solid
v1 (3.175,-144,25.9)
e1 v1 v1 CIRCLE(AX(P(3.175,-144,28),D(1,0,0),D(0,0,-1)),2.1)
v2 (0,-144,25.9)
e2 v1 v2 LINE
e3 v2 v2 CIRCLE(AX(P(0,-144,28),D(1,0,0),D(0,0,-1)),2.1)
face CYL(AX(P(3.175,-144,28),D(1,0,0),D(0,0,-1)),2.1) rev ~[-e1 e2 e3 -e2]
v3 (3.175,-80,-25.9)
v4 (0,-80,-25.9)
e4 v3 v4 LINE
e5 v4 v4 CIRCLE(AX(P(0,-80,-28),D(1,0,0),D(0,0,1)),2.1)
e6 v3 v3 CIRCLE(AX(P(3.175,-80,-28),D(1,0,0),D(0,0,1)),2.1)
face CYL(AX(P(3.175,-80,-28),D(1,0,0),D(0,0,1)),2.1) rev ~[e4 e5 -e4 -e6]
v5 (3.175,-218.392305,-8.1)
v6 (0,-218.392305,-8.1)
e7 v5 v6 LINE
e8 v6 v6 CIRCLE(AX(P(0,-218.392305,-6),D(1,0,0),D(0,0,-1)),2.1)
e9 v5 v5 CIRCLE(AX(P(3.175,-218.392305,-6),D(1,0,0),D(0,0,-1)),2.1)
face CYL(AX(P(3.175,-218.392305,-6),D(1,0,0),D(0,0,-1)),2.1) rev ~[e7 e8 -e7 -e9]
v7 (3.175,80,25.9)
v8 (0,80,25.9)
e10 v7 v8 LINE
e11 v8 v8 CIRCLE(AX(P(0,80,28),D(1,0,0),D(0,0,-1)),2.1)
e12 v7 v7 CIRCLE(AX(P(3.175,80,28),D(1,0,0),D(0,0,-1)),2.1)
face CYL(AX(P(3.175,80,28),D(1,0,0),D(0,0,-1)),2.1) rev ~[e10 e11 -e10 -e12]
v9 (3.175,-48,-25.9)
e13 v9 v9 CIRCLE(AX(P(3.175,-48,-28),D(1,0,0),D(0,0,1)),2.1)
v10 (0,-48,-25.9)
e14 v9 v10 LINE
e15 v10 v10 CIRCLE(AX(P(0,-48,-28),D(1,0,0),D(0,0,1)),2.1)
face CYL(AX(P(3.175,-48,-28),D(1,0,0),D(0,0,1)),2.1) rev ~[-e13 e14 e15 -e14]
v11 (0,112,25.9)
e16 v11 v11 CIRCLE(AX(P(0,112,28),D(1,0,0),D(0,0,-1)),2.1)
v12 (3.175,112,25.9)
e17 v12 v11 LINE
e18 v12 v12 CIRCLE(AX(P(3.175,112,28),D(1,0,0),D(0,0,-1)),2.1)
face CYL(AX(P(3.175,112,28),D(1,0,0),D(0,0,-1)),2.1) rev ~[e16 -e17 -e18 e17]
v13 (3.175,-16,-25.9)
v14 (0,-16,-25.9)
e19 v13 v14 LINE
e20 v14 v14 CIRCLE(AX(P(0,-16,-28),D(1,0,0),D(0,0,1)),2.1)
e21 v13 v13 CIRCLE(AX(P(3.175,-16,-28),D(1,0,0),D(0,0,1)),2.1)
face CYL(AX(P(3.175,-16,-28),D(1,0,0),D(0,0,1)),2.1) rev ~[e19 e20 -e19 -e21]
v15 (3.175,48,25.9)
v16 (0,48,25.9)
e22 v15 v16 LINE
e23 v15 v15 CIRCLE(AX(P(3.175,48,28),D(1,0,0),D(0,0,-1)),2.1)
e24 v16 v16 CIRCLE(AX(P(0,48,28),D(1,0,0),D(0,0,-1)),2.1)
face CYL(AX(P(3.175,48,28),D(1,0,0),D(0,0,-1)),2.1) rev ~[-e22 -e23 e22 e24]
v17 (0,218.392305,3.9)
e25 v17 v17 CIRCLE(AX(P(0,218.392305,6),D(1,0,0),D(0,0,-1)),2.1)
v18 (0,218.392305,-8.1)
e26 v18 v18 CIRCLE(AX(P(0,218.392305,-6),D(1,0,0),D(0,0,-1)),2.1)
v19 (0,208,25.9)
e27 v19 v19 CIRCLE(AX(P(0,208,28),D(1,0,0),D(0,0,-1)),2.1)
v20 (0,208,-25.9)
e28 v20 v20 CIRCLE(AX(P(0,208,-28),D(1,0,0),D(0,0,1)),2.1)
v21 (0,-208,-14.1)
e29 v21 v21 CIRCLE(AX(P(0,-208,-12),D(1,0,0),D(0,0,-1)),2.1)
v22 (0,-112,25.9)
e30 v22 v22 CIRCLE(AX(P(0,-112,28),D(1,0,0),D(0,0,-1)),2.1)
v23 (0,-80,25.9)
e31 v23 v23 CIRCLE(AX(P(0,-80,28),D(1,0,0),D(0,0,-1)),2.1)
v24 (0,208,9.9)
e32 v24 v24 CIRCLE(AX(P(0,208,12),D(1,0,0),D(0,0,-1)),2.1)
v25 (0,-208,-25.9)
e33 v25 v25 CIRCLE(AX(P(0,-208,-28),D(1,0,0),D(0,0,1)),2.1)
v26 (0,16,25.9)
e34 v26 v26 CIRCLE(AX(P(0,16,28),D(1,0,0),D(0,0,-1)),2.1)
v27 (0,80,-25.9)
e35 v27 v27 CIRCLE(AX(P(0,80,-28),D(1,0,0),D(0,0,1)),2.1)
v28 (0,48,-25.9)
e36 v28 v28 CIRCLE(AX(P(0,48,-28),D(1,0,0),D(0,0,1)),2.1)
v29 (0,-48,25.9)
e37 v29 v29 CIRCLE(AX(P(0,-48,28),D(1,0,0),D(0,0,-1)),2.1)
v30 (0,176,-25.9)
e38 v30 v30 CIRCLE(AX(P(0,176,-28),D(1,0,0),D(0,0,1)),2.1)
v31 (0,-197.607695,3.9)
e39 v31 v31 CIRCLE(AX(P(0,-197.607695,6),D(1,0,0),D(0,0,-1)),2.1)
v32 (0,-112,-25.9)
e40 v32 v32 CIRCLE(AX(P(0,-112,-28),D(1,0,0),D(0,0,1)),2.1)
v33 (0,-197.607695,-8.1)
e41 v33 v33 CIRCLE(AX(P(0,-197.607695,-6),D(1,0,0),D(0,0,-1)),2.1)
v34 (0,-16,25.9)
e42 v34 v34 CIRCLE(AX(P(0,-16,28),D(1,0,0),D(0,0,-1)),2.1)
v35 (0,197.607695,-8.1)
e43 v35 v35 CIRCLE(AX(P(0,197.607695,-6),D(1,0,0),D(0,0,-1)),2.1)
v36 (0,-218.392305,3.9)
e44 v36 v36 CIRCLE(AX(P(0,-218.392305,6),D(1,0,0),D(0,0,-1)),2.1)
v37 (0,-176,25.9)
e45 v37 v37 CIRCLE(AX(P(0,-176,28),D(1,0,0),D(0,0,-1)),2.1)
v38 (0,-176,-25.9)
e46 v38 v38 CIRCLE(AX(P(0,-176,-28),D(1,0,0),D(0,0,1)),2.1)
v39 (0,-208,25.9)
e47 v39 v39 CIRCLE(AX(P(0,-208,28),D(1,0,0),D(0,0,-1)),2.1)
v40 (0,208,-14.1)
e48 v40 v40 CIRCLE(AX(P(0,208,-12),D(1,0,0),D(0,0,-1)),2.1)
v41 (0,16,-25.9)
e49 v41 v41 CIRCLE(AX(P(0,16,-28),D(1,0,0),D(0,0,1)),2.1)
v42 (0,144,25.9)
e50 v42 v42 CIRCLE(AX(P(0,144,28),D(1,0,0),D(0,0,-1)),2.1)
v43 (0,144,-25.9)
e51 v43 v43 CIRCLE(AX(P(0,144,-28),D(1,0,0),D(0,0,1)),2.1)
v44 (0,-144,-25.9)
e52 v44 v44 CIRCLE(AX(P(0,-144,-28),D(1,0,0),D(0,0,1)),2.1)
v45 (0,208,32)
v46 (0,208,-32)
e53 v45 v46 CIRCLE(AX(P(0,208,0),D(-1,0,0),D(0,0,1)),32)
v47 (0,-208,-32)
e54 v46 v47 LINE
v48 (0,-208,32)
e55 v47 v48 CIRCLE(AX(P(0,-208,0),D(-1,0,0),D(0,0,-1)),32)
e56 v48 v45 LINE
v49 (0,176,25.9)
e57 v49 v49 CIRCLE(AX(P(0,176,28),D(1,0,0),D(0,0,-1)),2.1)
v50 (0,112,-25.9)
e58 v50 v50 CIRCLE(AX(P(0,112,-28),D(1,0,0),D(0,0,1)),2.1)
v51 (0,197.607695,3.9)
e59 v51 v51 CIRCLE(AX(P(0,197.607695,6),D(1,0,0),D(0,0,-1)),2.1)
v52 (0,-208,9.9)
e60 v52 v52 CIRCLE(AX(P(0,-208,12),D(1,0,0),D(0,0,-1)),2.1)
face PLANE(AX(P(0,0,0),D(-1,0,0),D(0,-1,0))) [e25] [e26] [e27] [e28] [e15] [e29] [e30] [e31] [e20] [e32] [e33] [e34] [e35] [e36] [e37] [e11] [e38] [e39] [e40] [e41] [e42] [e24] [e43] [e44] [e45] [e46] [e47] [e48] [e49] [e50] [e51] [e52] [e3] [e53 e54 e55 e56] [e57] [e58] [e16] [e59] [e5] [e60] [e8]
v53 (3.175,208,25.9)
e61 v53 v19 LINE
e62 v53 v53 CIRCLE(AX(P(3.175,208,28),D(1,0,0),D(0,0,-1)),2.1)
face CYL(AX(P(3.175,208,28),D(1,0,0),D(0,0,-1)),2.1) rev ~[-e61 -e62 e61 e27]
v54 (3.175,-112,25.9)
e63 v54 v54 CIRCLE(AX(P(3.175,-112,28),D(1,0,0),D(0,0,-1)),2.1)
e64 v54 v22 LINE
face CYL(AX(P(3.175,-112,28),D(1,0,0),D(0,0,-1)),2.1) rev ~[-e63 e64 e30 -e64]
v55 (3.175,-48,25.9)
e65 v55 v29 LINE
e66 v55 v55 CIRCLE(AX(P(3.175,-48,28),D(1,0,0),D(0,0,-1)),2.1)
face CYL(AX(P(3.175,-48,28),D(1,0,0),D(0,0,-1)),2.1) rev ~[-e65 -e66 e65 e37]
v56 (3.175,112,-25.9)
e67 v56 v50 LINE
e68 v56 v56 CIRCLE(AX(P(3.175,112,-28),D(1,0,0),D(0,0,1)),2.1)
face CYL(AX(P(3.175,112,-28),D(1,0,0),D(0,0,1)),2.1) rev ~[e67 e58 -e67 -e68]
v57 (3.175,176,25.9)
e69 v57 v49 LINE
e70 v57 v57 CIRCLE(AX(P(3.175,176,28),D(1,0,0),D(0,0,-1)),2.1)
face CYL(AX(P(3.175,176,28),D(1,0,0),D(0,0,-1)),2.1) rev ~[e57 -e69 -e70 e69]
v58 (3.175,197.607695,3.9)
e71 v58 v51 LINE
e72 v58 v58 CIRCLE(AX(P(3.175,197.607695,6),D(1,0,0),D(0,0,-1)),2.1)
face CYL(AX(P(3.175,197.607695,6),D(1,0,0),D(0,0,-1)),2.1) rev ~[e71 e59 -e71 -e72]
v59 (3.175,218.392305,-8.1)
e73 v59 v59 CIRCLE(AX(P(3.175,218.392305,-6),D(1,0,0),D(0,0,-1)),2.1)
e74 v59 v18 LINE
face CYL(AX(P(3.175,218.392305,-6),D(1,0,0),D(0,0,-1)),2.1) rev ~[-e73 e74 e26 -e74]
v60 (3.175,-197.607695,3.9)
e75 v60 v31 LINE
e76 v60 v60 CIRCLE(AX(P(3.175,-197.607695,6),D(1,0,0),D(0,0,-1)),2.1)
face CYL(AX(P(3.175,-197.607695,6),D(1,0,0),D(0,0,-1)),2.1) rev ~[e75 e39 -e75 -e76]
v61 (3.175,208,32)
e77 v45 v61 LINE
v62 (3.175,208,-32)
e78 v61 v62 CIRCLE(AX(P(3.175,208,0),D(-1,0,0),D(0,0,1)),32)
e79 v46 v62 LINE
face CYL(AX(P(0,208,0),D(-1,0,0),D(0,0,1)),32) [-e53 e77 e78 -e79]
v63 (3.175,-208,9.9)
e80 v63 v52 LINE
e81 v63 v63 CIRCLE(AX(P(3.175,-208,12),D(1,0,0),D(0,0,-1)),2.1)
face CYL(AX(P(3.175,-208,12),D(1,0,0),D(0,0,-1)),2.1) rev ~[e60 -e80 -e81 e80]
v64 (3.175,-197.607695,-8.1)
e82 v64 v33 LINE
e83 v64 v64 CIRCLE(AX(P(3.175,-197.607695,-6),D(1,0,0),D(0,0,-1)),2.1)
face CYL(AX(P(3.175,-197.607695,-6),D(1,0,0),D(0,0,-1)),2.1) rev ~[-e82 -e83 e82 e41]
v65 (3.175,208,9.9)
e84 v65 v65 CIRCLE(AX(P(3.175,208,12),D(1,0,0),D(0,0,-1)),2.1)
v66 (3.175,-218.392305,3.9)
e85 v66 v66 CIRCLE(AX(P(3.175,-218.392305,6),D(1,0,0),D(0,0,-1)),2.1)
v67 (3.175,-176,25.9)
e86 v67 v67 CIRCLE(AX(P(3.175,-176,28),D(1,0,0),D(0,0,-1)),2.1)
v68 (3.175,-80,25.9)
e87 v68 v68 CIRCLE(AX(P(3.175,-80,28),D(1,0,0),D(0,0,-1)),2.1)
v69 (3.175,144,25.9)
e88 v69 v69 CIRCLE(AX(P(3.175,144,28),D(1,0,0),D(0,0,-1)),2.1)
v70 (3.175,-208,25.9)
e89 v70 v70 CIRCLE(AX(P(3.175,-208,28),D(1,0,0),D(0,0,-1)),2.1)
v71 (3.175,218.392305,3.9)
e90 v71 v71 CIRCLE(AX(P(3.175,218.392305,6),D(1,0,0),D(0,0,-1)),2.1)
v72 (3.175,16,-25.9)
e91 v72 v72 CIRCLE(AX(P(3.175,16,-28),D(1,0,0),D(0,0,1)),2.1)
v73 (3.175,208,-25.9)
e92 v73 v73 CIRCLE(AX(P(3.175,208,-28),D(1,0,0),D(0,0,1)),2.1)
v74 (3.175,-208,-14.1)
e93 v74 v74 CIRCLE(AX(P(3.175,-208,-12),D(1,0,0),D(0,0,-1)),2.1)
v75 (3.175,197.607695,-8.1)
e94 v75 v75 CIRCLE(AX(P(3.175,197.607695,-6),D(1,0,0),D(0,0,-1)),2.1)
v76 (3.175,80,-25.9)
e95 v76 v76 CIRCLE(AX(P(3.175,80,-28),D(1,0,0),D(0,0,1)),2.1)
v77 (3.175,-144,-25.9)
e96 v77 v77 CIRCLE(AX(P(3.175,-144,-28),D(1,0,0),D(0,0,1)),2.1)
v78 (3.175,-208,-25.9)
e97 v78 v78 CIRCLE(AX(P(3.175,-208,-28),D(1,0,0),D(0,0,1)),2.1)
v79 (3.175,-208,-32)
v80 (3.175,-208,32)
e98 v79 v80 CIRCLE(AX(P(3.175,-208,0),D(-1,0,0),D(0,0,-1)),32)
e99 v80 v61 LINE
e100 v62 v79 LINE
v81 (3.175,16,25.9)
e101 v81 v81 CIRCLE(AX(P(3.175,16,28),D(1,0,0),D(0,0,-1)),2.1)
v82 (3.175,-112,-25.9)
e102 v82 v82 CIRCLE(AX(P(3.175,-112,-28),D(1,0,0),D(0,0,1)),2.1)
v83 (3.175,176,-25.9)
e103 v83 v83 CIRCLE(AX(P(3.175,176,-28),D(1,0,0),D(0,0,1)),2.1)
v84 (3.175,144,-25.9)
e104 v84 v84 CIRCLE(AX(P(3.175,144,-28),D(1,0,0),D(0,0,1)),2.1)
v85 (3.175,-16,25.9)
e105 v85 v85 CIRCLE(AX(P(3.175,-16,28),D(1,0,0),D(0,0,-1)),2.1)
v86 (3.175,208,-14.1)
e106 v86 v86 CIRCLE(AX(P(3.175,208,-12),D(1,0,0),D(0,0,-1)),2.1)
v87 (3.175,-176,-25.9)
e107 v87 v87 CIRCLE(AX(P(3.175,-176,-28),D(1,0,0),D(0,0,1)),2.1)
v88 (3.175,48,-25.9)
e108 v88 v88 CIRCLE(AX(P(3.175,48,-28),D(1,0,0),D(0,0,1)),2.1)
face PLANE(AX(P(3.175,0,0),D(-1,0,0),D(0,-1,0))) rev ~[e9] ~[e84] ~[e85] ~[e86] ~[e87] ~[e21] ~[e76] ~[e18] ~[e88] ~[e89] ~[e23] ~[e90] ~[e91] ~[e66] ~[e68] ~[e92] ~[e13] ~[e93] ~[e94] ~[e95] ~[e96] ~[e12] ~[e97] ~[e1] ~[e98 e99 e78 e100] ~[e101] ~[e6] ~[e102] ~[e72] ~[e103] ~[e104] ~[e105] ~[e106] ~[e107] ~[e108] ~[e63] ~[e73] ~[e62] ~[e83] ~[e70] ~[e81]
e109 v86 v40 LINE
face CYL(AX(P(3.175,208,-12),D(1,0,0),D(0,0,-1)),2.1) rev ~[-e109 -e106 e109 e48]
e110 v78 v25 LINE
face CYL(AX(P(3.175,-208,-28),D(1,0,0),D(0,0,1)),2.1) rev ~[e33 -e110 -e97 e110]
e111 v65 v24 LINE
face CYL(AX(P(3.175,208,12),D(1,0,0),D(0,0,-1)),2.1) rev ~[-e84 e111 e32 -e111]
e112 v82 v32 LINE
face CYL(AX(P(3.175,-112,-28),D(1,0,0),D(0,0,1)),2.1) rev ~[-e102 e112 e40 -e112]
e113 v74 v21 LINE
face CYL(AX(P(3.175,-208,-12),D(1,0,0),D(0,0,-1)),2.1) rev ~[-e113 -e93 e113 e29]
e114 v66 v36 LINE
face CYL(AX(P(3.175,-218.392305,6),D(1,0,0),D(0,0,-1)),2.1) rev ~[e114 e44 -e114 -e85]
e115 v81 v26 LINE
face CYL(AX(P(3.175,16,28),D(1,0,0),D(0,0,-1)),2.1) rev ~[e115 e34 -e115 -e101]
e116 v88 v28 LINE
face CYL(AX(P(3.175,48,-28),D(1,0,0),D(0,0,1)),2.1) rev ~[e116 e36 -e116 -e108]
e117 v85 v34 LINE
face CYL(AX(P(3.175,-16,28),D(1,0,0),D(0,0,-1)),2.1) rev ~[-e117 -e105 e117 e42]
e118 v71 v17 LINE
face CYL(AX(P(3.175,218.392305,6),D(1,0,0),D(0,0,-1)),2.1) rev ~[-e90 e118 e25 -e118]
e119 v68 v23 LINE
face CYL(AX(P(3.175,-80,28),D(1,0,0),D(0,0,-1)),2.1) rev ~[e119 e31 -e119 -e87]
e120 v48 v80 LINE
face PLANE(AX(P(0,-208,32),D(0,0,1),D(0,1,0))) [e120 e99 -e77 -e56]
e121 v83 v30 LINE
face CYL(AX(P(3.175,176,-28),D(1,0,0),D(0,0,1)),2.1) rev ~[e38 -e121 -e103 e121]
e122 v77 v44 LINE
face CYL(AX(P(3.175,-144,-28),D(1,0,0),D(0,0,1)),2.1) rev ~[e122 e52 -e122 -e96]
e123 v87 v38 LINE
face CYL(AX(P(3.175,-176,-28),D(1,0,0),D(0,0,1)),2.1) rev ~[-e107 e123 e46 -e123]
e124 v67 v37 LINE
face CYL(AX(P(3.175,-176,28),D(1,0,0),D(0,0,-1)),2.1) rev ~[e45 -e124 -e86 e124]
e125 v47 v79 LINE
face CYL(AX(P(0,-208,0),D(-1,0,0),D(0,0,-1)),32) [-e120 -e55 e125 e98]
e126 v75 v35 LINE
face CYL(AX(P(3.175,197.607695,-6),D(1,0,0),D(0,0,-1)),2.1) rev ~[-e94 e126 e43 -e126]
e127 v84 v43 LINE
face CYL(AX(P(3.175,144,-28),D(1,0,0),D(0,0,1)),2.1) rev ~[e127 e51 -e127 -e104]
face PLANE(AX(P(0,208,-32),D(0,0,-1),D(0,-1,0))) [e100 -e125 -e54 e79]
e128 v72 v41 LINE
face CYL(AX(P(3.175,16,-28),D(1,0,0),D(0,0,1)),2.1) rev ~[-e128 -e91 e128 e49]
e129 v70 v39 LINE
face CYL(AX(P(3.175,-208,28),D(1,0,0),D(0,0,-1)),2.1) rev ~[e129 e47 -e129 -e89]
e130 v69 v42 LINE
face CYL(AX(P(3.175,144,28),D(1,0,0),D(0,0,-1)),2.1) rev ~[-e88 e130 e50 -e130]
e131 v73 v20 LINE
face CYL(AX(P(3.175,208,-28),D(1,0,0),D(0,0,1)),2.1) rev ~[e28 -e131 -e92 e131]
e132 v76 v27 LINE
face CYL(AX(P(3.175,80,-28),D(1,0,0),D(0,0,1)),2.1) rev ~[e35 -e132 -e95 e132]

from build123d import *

# Parameters (mm, degrees)
BOSS_EXTRUDE1_DEPTH = 3.175
SKETCH2_R           = 2.1
CUT_EXTRUDE1_DEPTH  = 243.144751389
SKETCH3_R           = 2.1
CUT_EXTRUDE2_DEPTH  = 10
SKETCH4_R           = 2.1
CUT_EXTRUDE3_DEPTH  = 243.144751389


with BuildPart() as part:
    # Sketch1 → Boss-Extrude1 (new body)
    with BuildSketch(Plane.YZ):
        with BuildLine():
            Line((-208, 32), (208, 32))
            ThreePointArc((208, 32), (240, 0), (208, -32))
            Line((208, -32), (-208, -32))
            ThreePointArc((-208, -32), (-240, 0), (-208, 32))
        make_face()
    extrude(amount=BOSS_EXTRUDE1_DEPTH)

    # Sketch2 → Cut-Extrude1 (cut, through all)
    with BuildSketch(Plane.YZ.offset(3.175)):
        with Locations(Location((208, 12, 0), (0, 0, 270))):
            Circle(SKETCH2_R)
        with Locations(Location((218.392304845, 6, 0), (0, 0, 270))):
            Circle(SKETCH2_R)
        with Locations(Location((218.392304845, -6, 0), (0, 0, 270))):
            Circle(SKETCH2_R)
        with Locations(Location((208, -12, 0), (0, 0, 270))):
            Circle(SKETCH2_R)
        with Locations(Location((197.607695155, -6, 0), (0, 0, 270))):
            Circle(SKETCH2_R)
        with Locations(Location((197.607695155, 6, 0), (0, 0, 270))):
            Circle(SKETCH2_R)
    extrude(amount=-CUT_EXTRUDE1_DEPTH, mode=Mode.SUBTRACT)

    # Sketch3 → Cut-Extrude2 (cut)
    with BuildSketch(Plane.YZ.offset(3.175)):
        with Locations(Location((-208, -12, 0), (0, 0, 270))):
            Circle(SKETCH3_R)
        with Locations(Location((-197.607695155, -6, 0), (0, 0, 270))):
            Circle(SKETCH3_R)
        with Locations(Location((-197.607695155, 6, 0), (0, 0, 270))):
            Circle(SKETCH3_R)
        with Locations(Location((-208, 12, 0), (0, 0, 270))):
            Circle(SKETCH3_R)
        with Locations(Location((-218.392304845, 6, 0), (0, 0, 270))):
            Circle(SKETCH3_R)
        with Locations(Location((-218.392304845, -6, 0), (0, 0, 270))):
            Circle(SKETCH3_R)
    extrude(amount=-CUT_EXTRUDE2_DEPTH, mode=Mode.SUBTRACT)

    # Sketch4 → Cut-Extrude3 (cut, through all)
    with BuildSketch(Plane.YZ.offset(3.175)):
        with Locations(Location((-208, 12, 0), (0, 0, 270))):
            Circle(SKETCH4_R)
        with Locations(Location((-208, 28, 0), (0, 0, 270))):
            Circle(SKETCH4_R)
        with Locations(Location((-208, -28, 0), (0, 0, 90))):
            Circle(SKETCH4_R)
        with Locations(Location((-176, 28, 0), (0, 0, 270))):
            Circle(SKETCH4_R)
        with Locations(Location((-176, -28, 0), (0, 0, 90))):
            Circle(SKETCH4_R)
        with Locations(Location((-144, 28, 0), (0, 0, 270))):
            Circle(SKETCH4_R)
        with Locations(Location((-144, -28, 0), (0, 0, 90))):
            Circle(SKETCH4_R)
        with Locations(Location((-112, 28, 0), (0, 0, 270))):
            Circle(SKETCH4_R)
        with Locations(Location((-112, -28, 0), (0, 0, 90))):
            Circle(SKETCH4_R)
        with Locations(Location((-80, 28, 0), (0, 0, 270))):
            Circle(SKETCH4_R)
        with Locations(Location((-80, -28, 0), (0, 0, 90))):
            Circle(SKETCH4_R)
        with Locations(Location((-48, 28, 0), (0, 0, 270))):
            Circle(SKETCH4_R)
        with Locations(Location((-48, -28, 0), (0, 0, 90))):
            Circle(SKETCH4_R)
        with Locations(Location((-16, 28, 0), (0, 0, 270))):
            Circle(SKETCH4_R)
        with Locations(Location((-16, -28, 0), (0, 0, 90))):
            Circle(SKETCH4_R)
        with Locations(Location((16, 28, 0), (0, 0, 270))):
            Circle(SKETCH4_R)
        with Locations(Location((16, -28, 0), (0, 0, 90))):
            Circle(SKETCH4_R)
        with Locations(Location((48, 28, 0), (0, 0, 270))):
            Circle(SKETCH4_R)
        with Locations(Location((48, -28, 0), (0, 0, 90))):
            Circle(SKETCH4_R)
        with Locations(Location((80, 28, 0), (0, 0, 270))):
            Circle(SKETCH4_R)
        with Locations(Location((80, -28, 0), (0, 0, 90))):
            Circle(SKETCH4_R)
        with Locations(Location((112, 28, 0), (0, 0, 270))):
            Circle(SKETCH4_R)
        with Locations(Location((112, -28, 0), (0, 0, 90))):
            Circle(SKETCH4_R)
        with Locations(Location((144, 28, 0), (0, 0, 270))):
            Circle(SKETCH4_R)
        with Locations(Location((144, -28, 0), (0, 0, 90))):
            Circle(SKETCH4_R)
        with Locations(Location((176, 28, 0), (0, 0, 270))):
            Circle(SKETCH4_R)
        with Locations(Location((176, -28, 0), (0, 0, 90))):
            Circle(SKETCH4_R)
        with Locations(Location((208, 28, 0), (0, 0, 270))):
            Circle(SKETCH4_R)
        with Locations(Location((208, -28, 0), (0, 0, 90))):
            Circle(SKETCH4_R)
    extrude(amount=-CUT_EXTRUDE3_DEPTH, mode=Mode.SUBTRACT)


solid = part.part
